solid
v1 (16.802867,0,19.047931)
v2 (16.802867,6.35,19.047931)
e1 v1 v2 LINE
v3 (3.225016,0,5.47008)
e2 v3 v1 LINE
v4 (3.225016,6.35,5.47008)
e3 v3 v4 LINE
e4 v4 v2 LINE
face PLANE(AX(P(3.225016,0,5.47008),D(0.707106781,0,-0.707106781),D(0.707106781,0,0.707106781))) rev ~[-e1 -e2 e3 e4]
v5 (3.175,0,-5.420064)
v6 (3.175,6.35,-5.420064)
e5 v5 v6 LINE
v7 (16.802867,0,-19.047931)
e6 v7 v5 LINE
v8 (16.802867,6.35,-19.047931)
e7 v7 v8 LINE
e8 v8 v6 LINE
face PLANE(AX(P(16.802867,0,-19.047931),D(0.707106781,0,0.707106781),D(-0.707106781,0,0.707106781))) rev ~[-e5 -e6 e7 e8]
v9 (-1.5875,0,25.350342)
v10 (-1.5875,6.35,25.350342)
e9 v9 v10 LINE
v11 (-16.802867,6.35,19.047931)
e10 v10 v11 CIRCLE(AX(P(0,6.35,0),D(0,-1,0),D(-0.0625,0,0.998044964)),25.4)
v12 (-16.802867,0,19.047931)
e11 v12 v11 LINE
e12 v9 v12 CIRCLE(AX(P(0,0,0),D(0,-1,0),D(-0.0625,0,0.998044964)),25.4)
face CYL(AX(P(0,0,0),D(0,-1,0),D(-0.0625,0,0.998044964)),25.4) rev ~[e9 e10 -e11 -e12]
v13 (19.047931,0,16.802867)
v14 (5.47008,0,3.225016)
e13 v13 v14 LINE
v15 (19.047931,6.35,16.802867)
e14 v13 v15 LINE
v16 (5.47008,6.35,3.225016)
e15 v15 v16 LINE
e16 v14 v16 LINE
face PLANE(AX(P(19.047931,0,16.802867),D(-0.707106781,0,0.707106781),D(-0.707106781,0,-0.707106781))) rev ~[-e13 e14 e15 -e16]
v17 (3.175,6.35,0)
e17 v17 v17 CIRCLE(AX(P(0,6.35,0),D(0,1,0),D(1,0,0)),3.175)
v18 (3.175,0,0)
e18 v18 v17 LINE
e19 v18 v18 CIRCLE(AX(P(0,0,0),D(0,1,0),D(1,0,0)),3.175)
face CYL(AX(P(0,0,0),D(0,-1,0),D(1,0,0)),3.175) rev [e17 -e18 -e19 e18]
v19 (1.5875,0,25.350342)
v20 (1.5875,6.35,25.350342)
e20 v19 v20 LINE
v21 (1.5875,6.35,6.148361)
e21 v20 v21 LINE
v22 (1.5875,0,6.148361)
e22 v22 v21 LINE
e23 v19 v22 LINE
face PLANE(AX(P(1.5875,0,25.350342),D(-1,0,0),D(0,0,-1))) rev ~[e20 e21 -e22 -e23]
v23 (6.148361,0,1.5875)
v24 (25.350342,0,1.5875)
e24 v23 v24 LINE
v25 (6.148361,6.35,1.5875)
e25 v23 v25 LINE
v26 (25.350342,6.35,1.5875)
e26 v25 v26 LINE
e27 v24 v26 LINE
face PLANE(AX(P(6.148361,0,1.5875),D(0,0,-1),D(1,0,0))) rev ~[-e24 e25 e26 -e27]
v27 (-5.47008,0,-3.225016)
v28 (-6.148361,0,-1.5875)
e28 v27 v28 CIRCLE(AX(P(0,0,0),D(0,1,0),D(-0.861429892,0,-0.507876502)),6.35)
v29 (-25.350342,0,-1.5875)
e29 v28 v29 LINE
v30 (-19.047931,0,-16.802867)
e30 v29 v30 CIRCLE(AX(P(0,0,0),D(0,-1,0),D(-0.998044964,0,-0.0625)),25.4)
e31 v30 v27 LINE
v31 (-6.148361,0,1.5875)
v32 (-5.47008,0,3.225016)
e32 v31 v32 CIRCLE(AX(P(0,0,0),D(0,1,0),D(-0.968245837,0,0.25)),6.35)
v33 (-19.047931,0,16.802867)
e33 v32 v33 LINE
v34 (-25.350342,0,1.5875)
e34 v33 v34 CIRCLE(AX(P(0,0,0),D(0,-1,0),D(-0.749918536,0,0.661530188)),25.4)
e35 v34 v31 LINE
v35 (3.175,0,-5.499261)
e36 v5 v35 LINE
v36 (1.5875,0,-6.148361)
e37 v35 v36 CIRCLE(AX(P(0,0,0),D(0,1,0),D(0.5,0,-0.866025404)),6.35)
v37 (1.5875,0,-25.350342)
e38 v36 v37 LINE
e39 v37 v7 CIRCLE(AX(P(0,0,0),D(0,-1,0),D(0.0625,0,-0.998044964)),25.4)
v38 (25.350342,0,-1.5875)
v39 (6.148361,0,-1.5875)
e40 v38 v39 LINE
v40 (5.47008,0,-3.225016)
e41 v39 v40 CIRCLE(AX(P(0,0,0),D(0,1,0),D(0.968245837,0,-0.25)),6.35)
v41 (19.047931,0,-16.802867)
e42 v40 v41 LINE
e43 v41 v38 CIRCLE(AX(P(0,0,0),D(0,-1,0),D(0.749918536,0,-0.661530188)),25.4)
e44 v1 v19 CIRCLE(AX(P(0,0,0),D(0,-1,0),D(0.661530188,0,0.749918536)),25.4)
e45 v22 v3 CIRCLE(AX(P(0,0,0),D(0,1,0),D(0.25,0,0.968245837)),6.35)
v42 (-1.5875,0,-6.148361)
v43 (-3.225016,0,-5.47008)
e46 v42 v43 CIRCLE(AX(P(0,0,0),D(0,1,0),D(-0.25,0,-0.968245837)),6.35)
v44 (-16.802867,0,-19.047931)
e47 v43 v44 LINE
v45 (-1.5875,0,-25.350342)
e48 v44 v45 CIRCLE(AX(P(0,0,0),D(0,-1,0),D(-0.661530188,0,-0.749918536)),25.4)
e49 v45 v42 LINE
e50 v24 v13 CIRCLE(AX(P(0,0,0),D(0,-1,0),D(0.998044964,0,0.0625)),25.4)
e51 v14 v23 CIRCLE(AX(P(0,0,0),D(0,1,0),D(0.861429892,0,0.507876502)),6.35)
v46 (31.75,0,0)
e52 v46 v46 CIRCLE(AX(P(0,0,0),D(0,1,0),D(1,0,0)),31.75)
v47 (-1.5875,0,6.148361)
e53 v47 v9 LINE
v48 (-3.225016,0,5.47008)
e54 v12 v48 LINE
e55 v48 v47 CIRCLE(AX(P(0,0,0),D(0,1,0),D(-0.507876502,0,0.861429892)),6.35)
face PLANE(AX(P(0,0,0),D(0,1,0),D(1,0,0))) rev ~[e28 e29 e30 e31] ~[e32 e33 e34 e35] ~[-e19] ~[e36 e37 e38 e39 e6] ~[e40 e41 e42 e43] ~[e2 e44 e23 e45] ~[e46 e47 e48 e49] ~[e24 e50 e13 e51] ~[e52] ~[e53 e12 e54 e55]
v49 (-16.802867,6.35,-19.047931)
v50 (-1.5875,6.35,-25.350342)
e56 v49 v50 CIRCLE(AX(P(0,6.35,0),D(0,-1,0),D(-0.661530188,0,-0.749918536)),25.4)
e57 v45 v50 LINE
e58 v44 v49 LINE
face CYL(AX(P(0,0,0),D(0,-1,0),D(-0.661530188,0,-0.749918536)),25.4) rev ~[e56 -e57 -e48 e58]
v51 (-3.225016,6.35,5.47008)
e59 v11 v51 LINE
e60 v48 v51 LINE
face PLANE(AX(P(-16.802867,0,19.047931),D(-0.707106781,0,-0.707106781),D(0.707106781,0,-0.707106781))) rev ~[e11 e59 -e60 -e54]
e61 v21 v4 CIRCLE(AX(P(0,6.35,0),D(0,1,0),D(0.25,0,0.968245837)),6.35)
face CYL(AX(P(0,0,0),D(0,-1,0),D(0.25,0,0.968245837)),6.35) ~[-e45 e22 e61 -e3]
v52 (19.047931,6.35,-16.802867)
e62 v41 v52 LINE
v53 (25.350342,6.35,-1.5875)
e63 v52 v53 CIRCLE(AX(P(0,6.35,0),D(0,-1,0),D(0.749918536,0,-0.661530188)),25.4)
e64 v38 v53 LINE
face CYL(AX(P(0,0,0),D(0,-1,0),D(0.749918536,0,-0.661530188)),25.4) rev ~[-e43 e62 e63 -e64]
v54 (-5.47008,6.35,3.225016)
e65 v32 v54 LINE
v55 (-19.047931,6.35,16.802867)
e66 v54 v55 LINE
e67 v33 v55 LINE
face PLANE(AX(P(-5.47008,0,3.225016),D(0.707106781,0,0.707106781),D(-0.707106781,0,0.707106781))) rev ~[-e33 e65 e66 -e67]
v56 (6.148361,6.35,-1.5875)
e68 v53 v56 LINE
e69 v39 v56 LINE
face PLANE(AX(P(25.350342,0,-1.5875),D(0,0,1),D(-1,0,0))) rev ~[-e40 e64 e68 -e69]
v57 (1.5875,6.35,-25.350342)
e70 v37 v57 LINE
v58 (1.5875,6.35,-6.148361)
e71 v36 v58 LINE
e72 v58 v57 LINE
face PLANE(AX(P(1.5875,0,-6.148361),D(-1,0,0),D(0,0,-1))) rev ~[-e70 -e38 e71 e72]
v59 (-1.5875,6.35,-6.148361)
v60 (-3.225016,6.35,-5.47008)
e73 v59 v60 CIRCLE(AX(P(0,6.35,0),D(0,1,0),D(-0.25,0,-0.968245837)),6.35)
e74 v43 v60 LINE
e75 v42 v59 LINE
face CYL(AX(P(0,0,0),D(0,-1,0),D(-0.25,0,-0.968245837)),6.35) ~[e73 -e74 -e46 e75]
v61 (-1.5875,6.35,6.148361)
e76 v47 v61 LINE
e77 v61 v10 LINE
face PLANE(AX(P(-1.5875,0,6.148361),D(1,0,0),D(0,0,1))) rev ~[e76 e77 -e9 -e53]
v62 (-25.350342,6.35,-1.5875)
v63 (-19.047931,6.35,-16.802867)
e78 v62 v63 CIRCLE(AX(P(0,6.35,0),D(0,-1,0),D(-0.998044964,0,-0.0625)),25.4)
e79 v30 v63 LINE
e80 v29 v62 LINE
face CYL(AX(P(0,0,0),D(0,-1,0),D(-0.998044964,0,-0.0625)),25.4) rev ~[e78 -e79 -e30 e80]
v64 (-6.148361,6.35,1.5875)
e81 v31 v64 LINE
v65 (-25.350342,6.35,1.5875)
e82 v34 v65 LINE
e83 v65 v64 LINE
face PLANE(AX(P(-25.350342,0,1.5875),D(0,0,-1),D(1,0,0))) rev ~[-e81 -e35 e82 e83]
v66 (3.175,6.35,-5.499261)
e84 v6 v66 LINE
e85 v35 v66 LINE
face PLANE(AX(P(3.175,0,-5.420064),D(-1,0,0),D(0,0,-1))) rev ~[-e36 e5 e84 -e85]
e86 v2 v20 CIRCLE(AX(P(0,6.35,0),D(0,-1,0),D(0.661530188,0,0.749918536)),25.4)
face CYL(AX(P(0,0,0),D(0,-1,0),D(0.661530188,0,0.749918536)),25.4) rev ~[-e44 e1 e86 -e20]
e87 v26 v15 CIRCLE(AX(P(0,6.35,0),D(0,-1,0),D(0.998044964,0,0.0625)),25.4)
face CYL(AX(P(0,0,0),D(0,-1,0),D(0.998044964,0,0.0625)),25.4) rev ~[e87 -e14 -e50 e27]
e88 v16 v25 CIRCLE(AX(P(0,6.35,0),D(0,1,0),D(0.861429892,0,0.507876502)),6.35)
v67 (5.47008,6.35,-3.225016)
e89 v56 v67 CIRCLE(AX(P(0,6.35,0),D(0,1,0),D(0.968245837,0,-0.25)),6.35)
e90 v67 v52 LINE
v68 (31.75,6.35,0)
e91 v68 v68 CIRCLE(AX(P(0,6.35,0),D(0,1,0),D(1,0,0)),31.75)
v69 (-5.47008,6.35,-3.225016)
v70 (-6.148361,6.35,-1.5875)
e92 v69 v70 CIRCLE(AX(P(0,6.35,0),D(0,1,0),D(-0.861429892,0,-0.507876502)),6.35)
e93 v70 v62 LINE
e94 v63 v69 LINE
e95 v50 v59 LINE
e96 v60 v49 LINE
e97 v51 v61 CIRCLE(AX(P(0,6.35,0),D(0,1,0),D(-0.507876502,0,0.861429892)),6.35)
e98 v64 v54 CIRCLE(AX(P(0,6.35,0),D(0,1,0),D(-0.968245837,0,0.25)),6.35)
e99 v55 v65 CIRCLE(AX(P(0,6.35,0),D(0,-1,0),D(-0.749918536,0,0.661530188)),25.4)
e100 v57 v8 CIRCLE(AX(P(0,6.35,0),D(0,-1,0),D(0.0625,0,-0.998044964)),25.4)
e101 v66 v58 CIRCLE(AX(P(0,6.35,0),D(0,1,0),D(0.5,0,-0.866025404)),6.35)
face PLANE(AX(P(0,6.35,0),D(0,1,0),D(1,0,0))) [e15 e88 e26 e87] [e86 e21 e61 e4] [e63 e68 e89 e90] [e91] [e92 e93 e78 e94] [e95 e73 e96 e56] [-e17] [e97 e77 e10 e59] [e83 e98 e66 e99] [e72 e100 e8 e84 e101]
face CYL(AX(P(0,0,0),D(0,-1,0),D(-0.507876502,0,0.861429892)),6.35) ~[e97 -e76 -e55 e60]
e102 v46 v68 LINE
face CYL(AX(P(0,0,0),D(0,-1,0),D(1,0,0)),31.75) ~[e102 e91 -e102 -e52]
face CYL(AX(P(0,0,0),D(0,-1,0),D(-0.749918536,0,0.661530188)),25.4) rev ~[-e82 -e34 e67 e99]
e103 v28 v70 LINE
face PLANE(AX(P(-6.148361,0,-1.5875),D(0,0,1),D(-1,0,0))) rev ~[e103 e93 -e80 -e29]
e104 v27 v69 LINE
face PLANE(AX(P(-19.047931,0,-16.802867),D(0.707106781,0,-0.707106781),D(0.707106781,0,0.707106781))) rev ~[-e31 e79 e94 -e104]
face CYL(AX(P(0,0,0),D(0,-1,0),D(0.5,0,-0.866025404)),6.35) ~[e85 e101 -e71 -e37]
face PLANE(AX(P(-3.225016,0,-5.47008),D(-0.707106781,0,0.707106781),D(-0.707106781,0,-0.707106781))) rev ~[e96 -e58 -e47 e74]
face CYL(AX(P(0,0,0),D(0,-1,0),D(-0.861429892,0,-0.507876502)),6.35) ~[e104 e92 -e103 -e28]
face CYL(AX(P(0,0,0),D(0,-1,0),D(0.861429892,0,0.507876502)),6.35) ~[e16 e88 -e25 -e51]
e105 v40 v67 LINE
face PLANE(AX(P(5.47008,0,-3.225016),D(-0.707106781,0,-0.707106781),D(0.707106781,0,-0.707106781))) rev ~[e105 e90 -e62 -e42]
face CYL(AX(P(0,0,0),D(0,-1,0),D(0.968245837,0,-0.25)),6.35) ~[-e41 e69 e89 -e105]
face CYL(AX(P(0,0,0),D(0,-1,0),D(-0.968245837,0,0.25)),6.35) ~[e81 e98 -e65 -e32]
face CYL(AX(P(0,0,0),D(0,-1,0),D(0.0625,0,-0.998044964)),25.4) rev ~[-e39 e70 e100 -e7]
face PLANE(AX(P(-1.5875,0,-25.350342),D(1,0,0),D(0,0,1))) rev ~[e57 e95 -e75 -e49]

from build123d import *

# Parameters (mm, degrees)
SKETCH1_R           = 31.75
SKETCH1_R_2         = 3.175
BOSS_EXTRUDE1_DEPTH = 6.35


with BuildPart() as part:
    # Sketch1 → Boss-Extrude1 (new body)
    with BuildSketch(Plane(origin=(0, 0, 0), x_dir=(1, 0, 0), z_dir=(0, 1, 0))):
        Circle(SKETCH1_R)
        with BuildLine():
            Line((-1.5875, -6.148361062), (-1.5875, -25.350342083))
            ThreePointArc((-1.5875, -25.350342083), (-9.720159182, -23.466540126), (-16.802866778, -19.047930808))
            Line((-16.802866778, -19.047930808), (-3.225015785, -5.470079815))
            ThreePointArc((-3.225015785, -5.470079815), (-2.430039796, -5.866635031), (-1.5875, -6.148361062))
        make_face(mode=Mode.SUBTRACT)
        with BuildLine():
            Line((-5.470079815, -3.225015785), (-19.047930808, -16.802866778))
            ThreePointArc((-19.047930808, -16.802866778), (-23.466540126, -9.720159182), (-25.350342083, -1.5875))
            Line((-25.350342083, -1.5875), (-6.148361062, -1.5875))
            ThreePointArc((-6.148361062, -1.5875), (-5.866635031, -2.430039796), (-5.470079815, -3.225015785))
        make_face(mode=Mode.SUBTRACT)
        with BuildLine():
            Line((3.225015785, -5.470079815), (16.802866778, -19.047930808))
            ThreePointArc((16.802866778, -19.047930808), (9.720159182, -23.466540126), (1.5875, -25.350342083))
            Line((1.5875, -25.350342083), (1.5875, -6.148361062))
            ThreePointArc((1.5875, -6.148361062), (2.430039796, -5.866635031), (3.225015785, -5.470079815))
        make_face(mode=Mode.SUBTRACT)
        with BuildLine():
            Line((6.148361062, -1.5875), (25.350342083, -1.5875))
            ThreePointArc((25.350342083, -1.5875), (23.466540126, -9.720159182), (19.047930808, -16.802866778))
            Line((19.047930808, -16.802866778), (5.470079815, -3.225015785))
            ThreePointArc((5.470079815, -3.225015785), (5.866635031, -2.430039796), (6.148361062, -1.5875))
        make_face(mode=Mode.SUBTRACT)
        with BuildLine():
            Line((-6.148361062, 1.5875), (-25.350342083, 1.5875))
            ThreePointArc((-25.350342083, 1.5875), (-23.466540126, 9.720159182), (-19.047930808, 16.802866778))
            Line((-19.047930808, 16.802866778), (-5.470079815, 3.225015785))
            ThreePointArc((-5.470079815, 3.225015785), (-5.866635031, 2.430039796), (-6.148361062, 1.5875))
        make_face(mode=Mode.SUBTRACT)
        with BuildLine():
            ThreePointArc((-16.802866778, 19.047930808), (-9.720159182, 23.466540126), (-1.5875, 25.350342083))
            Line((-1.5875, 25.350342083), (-1.5875, 6.148361062))
            ThreePointArc((-1.5875, 6.148361062), (-2.430039796, 5.866635031), (-3.225015785, 5.470079815))
            Line((-3.225015785, 5.470079815), (-16.802866778, 19.047930808))
        make_face(mode=Mode.SUBTRACT)
        Circle(SKETCH1_R_2, mode=Mode.SUBTRACT)
        with BuildLine():
            Line((5.470079815, 3.225015785), (19.047930808, 16.802866778))
            ThreePointArc((19.047930808, 16.802866778), (23.466540126, 9.720159182), (25.350342083, 1.5875))
            Line((25.350342083, 1.5875), (6.148361062, 1.5875))
            ThreePointArc((6.148361062, 1.5875), (5.866635031, 2.430039796), (5.470079815, 3.225015785))
        make_face(mode=Mode.SUBTRACT)
        with BuildLine():
            Line((3.225015785, 5.470079815), (3.175, 5.42006403))
            Line((3.175, 5.42006403), (3.175, 5.499261314))
            ThreePointArc((3.175, 5.499261314), (2.403265317, 5.877653938), (1.5875, 6.148361062))
            Line((1.5875, 6.148361062), (1.5875, 25.350342083))
            ThreePointArc((1.5875, 25.350342083), (9.720159182, 23.466540126), (16.802866778, 19.047930808))
            Line((16.802866778, 19.047930808), (3.225015785, 5.470079815))
        make_face(mode=Mode.SUBTRACT)
    extrude(amount=BOSS_EXTRUDE1_DEPTH)


solid = part.part
